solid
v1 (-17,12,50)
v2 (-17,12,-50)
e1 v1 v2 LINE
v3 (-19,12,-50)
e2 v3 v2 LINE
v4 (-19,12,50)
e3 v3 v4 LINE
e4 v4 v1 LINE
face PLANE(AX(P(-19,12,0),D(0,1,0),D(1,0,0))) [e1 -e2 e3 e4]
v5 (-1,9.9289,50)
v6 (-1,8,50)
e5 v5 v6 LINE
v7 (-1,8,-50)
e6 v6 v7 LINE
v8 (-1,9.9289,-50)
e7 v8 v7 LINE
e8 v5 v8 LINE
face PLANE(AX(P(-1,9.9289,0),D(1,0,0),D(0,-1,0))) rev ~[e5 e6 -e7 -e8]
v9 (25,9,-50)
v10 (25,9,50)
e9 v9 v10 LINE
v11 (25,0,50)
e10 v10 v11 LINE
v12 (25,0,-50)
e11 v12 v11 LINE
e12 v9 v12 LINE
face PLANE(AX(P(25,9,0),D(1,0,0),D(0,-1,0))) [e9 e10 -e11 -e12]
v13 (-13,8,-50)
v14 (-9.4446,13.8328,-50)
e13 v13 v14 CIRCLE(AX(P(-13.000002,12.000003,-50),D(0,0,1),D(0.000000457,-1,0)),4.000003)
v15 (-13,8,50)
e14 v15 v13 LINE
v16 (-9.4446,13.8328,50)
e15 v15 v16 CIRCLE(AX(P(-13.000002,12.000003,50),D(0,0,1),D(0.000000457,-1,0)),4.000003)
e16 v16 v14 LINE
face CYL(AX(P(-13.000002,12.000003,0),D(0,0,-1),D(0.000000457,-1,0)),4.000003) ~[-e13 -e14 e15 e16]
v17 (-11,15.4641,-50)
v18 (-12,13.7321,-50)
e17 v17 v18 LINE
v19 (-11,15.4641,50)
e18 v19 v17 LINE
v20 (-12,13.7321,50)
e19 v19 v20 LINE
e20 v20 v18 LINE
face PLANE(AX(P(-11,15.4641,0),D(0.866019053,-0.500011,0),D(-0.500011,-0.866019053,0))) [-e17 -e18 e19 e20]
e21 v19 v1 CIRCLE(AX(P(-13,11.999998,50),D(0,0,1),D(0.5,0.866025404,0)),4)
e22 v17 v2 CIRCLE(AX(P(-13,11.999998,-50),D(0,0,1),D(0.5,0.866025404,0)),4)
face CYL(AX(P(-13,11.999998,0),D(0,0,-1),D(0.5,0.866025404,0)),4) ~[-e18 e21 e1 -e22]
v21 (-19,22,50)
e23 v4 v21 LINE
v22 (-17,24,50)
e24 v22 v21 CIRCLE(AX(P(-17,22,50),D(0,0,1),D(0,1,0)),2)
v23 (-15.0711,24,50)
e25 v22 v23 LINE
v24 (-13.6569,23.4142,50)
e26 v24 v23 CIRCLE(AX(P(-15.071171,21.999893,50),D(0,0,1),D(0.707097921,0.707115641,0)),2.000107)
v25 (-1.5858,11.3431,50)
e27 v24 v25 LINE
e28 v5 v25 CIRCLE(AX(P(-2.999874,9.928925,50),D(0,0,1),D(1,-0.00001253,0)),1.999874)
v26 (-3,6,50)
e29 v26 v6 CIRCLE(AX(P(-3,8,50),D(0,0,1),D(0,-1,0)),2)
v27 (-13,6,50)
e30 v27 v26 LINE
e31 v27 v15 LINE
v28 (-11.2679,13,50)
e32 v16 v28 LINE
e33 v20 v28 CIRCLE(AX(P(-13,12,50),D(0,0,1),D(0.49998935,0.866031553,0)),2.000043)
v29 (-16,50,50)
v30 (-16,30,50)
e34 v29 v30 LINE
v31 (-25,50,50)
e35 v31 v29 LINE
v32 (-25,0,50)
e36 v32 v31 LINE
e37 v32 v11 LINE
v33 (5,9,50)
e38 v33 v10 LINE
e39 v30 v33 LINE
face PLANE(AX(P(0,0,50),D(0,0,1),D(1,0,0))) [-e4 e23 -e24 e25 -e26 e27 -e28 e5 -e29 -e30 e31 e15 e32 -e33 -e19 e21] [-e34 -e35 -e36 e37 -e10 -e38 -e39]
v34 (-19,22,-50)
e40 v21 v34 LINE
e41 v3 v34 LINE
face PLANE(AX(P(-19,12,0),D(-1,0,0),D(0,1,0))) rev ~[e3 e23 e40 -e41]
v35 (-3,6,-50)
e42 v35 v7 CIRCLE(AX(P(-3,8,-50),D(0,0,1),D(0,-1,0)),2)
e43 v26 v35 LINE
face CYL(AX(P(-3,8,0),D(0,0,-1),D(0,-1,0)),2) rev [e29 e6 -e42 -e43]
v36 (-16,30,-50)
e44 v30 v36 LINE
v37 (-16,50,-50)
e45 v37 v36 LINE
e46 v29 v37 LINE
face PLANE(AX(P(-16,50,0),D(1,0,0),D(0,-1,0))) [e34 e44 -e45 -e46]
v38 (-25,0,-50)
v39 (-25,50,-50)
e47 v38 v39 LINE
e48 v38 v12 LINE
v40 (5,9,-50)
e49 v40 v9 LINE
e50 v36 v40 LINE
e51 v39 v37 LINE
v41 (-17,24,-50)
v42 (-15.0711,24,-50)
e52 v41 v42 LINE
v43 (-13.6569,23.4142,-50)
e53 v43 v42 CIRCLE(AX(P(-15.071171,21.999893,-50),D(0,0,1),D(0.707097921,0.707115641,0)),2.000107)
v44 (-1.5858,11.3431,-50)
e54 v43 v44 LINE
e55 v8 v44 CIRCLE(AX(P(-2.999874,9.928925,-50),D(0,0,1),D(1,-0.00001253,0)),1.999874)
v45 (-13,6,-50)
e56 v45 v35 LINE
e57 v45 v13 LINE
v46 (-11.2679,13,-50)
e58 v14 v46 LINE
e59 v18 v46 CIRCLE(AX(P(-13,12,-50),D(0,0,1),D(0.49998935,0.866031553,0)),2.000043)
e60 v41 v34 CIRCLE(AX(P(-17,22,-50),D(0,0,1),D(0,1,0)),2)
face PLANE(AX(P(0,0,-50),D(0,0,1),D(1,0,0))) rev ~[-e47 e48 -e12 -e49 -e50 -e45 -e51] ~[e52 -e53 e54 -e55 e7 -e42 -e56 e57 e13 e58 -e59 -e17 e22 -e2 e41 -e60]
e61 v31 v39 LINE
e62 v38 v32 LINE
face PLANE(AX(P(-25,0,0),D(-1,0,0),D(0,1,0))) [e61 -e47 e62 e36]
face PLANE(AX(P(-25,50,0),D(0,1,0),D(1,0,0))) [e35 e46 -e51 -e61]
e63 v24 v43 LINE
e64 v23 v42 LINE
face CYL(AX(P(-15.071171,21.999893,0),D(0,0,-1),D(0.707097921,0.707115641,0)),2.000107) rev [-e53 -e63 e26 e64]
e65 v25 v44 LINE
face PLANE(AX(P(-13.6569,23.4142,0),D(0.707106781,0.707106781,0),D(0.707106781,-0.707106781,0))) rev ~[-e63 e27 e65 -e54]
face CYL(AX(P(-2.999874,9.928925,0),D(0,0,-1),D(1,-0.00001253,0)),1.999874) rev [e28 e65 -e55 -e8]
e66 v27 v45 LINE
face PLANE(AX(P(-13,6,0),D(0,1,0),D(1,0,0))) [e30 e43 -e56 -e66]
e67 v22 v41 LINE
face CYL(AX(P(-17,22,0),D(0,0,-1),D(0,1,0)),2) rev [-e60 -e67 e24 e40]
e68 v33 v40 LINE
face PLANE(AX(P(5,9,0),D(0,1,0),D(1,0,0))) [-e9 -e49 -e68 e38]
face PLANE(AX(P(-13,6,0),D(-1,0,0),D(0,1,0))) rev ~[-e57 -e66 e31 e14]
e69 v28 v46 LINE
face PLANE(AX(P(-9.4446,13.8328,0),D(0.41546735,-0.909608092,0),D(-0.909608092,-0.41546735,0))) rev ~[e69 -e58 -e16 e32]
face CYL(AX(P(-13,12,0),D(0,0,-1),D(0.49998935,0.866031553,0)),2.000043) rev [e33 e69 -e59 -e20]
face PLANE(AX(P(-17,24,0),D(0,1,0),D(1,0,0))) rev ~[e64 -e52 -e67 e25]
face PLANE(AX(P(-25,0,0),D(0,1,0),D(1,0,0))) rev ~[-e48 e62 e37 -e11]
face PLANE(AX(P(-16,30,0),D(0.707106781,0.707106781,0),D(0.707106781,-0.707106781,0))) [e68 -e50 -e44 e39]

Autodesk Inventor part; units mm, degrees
ref_plane "YZ Plane" through (0, 0, 0) normal (1, 0, 0) x (0, 1, 0)
ref_plane "XZ Plane" through (0, 0, 0) normal (0, 1, 0) x (-1, 0, 0)
ref_plane "XY Plane" through (0, 0, 0) normal (0, 0, 1) x (1, 0, 0)
sketch "Sketch1" plane through (0, 0, 0) normal (0, 0, 1) x (1, 0, 0)
  line L0 (-25, 0) -> (25, 0)
  line L1 (-25, 0) -> (-25, 50)
  line L2 (-25, 50) -> (-16, 50)
  line L3 (-16, 50) -> (-16, 30)
  line L4 (25, 9) -> (25, 0)
  line L5 (5, 9) -> (25, 9)
  line L6 (-16, 30) -> (5, 9)
  line L7 (-36, 0) -> (-36, 12) construction
  line L8 (-25, -11) -> (-13, -11) construction
  circle A0 centre (-13, 12) radius 2 construction
  line L9 (-25, 0) -> (-36, 0) construction
  line L10 (-25, 0) -> (-25, -11) construction
  line L11 (-19, 12) -> (-19, 22)
  line L12 (-13, 6) -> (-3, 6)
  line L13 (-13.6569, 23.4142) -> (-1.5858, 11.3431)
  line L14 (-19, 12) -> (-17, 12)
  circle A1 centre (-13, 12) radius 4 construction
  arc A2 (-11, 15.4641) -> (-17, 12) centre (-13, 12) ccw
  line L15 (-13, 6) -> (-13, 8)
  arc A3 (-13, 8) -> (-9.4446, 13.8328) centre (-13, 12) ccw
  line L16 (-11, 15.4641) -> (-12, 13.7321)
  arc A4 (-12, 13.7321) -> (-11.2679, 13) centre (-13, 12) ccw
  line L17 (-9.4446, 13.8328) -> (-11.2679, 13)
  line L18 (-17, 24) -> (-15.0711, 24)
  line L19 (-1, 9.9289) -> (-1, 8)
  arc A5 (-17, 24) -> (-19, 22) centre (-17, 22) ccw
  arc A6 (-13.6569, 23.4142) -> (-15.0711, 24) centre (-15.0711, 22) ccw
  arc A7 (-1, 9.9289) -> (-1.5858, 11.3431) centre (-3, 9.9289) ccw
  arc A8 (-3, 6) -> (-1, 8) centre (-3, 8) ccw
  point P0 (0, 0)
  point P1 (0, 0)
  point P2 (-19, 24)
  point P3 (-1, 6)
  point P4 (-14.2426, 24)
  point P5 (-1, 10.7574)
  point P6 (-15, 15.4641)
  dimension "d0" = 50
  dimension "d1" = 0
  dimension "expessura" = 9
  dimension "secondary" = 20
  dimension "d4" = 9
  dimension "d5" = 20
  dimension "d6" = 12
  dimension "d7" = 36
  dimension "d8" = 12
  dimension "d9" = 11
  dimension "d10" = 4
  dimension "inner_width" = 6
  dimension "d12" = 6
  dimension "d13" = 12
  dimension "d14" = 12
  dimension "d15" = 3
  dimension "d16" = 2
  dimension "d17" = 2
  dimension "d18" = 3.4641
  dimension "d19" = 117.271
  dimension "d21" = 1.7321
  dimension "d22" = 1.8234
  dimension "d23" = 2
extrude "Extrusion1" add sketch "Sketch1" along normal mid plane 100
equation "\"d4\" = expessura"
equation "\"d5\" = secondary"
equation "\"d12\" = inner_width"
properties part number "Profile_50x50x9"
